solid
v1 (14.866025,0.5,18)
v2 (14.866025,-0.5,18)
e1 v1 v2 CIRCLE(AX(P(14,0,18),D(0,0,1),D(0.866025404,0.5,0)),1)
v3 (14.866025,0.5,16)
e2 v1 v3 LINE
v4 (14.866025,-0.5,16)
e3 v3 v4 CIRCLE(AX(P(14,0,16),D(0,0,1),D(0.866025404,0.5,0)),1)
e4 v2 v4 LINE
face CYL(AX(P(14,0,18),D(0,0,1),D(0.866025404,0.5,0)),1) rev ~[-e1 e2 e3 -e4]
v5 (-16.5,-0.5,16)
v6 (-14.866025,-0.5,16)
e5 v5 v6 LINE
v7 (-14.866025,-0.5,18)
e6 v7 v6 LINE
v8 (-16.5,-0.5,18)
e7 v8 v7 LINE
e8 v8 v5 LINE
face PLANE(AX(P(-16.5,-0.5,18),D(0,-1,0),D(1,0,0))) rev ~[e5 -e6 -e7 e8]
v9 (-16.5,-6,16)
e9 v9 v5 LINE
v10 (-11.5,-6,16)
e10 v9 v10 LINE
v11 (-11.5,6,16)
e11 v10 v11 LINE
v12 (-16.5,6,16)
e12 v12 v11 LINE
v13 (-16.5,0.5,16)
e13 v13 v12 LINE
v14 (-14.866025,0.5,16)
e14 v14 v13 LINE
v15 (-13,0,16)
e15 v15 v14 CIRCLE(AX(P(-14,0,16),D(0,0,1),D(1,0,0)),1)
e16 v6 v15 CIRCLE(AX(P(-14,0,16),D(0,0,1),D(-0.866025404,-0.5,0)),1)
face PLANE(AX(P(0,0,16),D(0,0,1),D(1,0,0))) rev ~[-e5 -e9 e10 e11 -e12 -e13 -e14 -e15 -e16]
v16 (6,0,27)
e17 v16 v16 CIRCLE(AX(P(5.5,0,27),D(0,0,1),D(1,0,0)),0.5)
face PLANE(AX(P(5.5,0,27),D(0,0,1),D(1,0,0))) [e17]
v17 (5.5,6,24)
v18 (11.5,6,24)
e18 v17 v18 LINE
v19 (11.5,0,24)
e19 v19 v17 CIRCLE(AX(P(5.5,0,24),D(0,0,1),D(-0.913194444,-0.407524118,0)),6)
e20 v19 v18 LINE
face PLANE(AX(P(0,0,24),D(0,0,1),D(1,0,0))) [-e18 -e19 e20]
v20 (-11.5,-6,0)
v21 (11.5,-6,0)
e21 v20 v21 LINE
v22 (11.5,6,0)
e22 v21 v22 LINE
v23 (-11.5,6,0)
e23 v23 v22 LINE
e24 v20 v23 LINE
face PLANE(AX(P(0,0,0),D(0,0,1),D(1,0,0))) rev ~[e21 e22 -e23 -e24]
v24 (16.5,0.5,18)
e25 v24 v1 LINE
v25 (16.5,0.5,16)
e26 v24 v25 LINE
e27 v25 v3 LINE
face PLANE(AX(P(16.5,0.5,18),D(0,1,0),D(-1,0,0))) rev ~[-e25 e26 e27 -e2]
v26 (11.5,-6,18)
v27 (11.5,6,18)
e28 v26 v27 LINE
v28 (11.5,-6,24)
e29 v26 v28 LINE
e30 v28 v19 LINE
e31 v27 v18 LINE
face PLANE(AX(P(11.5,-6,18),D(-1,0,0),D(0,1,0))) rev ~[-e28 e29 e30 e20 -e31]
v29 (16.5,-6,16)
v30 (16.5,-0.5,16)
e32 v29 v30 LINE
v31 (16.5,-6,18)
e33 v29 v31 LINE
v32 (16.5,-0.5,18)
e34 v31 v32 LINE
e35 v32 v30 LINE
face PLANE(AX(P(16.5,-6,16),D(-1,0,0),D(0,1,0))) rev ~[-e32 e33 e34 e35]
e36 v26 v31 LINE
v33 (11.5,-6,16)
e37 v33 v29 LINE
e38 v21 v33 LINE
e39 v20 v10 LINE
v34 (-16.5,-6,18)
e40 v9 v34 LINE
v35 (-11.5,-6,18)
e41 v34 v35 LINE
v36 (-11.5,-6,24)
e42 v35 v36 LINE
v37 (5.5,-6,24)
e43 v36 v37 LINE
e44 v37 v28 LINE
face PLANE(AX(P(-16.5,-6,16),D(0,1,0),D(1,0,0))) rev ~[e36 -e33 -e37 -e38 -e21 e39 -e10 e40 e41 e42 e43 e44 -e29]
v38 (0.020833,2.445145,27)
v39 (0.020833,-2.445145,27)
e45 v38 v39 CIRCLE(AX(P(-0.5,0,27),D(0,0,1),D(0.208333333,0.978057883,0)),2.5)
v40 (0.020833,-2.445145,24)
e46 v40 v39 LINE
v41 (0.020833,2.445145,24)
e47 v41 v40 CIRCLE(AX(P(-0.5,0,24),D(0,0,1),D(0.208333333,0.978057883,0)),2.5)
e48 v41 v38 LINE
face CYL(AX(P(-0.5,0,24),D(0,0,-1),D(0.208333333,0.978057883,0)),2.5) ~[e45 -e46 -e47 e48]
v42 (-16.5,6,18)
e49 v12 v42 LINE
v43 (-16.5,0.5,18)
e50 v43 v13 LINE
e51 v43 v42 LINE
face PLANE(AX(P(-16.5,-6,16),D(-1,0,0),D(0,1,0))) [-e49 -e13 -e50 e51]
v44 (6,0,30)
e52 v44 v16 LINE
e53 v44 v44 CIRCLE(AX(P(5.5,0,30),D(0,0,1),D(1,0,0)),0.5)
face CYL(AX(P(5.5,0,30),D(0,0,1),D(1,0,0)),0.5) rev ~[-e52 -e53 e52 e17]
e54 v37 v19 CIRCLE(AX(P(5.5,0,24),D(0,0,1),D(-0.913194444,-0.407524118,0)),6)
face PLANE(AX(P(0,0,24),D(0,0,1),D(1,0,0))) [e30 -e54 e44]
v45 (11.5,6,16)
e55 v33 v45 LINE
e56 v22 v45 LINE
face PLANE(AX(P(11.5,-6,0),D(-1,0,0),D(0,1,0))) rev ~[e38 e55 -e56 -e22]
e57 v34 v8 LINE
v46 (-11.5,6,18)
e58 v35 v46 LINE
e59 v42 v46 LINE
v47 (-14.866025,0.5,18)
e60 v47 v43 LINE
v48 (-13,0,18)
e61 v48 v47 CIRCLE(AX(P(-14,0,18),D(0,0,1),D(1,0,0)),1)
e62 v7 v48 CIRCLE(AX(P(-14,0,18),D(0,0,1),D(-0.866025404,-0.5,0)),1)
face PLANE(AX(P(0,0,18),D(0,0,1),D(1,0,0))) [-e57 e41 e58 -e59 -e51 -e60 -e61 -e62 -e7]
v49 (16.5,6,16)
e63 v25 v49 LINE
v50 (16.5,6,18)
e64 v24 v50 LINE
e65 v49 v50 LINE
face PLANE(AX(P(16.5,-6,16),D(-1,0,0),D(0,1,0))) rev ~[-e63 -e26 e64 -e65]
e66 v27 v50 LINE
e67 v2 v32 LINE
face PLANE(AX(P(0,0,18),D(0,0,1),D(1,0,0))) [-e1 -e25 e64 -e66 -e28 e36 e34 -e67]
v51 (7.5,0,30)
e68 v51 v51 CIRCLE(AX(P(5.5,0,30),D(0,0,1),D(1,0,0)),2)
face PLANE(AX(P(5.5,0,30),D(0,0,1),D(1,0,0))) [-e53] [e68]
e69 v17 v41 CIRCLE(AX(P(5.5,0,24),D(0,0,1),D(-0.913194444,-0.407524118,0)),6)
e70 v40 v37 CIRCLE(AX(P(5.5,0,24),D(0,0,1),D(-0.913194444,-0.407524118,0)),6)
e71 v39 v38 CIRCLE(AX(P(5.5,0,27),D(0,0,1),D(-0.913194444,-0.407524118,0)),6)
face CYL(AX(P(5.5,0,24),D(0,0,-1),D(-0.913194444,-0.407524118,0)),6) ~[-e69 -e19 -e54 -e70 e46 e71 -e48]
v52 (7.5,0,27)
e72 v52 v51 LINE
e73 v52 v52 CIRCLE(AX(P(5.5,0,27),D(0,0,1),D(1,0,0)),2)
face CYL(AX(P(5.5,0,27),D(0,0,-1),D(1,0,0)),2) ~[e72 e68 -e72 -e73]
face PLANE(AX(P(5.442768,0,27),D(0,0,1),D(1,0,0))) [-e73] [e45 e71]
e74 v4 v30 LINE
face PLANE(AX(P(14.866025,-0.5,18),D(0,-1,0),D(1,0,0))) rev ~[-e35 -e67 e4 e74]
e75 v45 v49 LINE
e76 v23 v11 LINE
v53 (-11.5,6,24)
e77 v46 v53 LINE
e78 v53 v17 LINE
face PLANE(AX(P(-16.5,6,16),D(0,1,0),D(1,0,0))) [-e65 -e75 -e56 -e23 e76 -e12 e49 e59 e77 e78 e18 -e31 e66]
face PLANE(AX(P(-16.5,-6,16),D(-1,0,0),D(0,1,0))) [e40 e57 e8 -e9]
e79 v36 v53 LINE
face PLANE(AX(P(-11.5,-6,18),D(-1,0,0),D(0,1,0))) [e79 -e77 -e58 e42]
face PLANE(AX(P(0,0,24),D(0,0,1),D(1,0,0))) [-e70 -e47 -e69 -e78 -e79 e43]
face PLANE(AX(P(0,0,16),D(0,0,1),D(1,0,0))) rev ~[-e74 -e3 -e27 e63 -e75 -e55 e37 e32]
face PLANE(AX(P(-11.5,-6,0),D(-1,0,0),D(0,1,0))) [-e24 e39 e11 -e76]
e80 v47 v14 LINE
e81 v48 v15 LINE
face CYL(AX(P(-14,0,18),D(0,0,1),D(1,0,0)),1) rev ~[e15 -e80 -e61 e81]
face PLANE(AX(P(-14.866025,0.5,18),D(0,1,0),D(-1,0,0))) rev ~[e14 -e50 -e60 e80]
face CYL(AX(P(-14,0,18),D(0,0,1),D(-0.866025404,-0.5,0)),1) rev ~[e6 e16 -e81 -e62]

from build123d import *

# Parameters (mm, degrees)
F0_W      = 23
F0_H      = 12
F1_DEPTH  = 16
F2_W      = 33
F2_H      = 12
F3_DEPTH  = 2
F4_W      = 23
F4_H      = 12
F5_DEPTH  = 6
F7_DEPTH  = 3
F8_R      = 2
F9_DEPTH  = 3
F11_DEPTH = 18.001
F12_R     = 0.5
F13_DEPTH = 3


with BuildPart() as f1:
    # F0 (on Top) → F1 (new body)
    with BuildSketch(Plane.XY):
        Rectangle(F0_W, F0_H)
    extrude(amount=F1_DEPTH)

    # F2 (on face) → F3 (join)
    with BuildSketch(Plane.XY.offset(16)):
        Rectangle(F2_W, F2_H)
    extrude(amount=F3_DEPTH)

    # F4 (on face) → F5 (join)
    with BuildSketch(Plane.XY.offset(18)):
        Rectangle(F4_W, F4_H)
    extrude(amount=F5_DEPTH)

    # F6 (on face) → F7 (join)
    with BuildSketch(Plane.XY.offset(24)):
        with BuildLine():
            ThreePointArc((0.0208333333, -2.4451447071), (6.75, -5.8683472972), (11.5, 0))
            ThreePointArc((11.5, 0), (6.75, 5.8683472972), (0.0208333333, 2.4451447071))
            ThreePointArc((0.0208333333, 2.4451447071), (1.4432039694, 1.572882174), (2, 0))
            ThreePointArc((2, 0), (1.4432039694, -1.572882174), (0.0208333333, -2.4451447071))
        make_face()
        with BuildLine():
            ThreePointArc((2, 0), (1.4432039694, 1.572882174), (0.0208333333, 2.4451447071))
            ThreePointArc((0.0208333333, 2.4451447071), (-0.5, 0), (0.0208333333, -2.4451447071))
            ThreePointArc((0.0208333333, -2.4451447071), (1.4432039694, -1.572882174), (2, 0))
        make_face()
        with BuildLine():
            ThreePointArc((0.0208333333, -2.4451447071), (-0.5, 0), (0.0208333333, 2.4451447071))
            ThreePointArc((0.0208333333, 2.4451447071), (-3, 0), (0.0208333333, -2.4451447071))
        make_face()
    extrude(amount=F7_DEPTH)

    # F8 (on face) → F9 (join)
    with BuildSketch(Plane.XY.offset(27)):
        with Locations((5.5, 0)):
            Circle(F8_R)
    extrude(amount=F9_DEPTH)

    # F10 (on face) → F11 (cut, through all)
    with BuildSketch(Plane.XY.offset(18)):
        with BuildLine():
            ThreePointArc((-14.8660254038, -0.5), (-13.7411809549, -0.9659258263), (-13, 0))
            ThreePointArc((-13, 0), (-13.7411809549, 0.9659258263), (-14.8660254038, 0.5))
            Line((-14.8660254038, 0.5), (-14.8660254038, -0.5))
        make_face()
        with BuildLine():
            Line((-14.8660254038, -0.5), (-14.8660254038, 0.5))
            ThreePointArc((-14.8660254038, 0.5), (-15, 0), (-14.8660254038, -0.5))
        make_face()
        with BuildLine():
            ThreePointArc((-14.8660254038, -0.5), (-15, 0), (-14.8660254038, 0.5))
            Line((-14.8660254038, 0.5), (-16.5, 0.5))
            Line((-16.5, 0.5), (-16.5, -0.5))
            Line((-16.5, -0.5), (-14.8660254038, -0.5))
        make_face()
        with BuildLine():
            ThreePointArc((14.8660254038, -0.5), (14.9659258263, -0.2588190451), (15, 0))
            ThreePointArc((15, 0), (14.9659258263, 0.2588190451), (14.8660254038, 0.5))
            Line((14.8660254038, 0.5), (14.8660254038, -0.5))
        make_face()
        with BuildLine():
            ThreePointArc((14.8660254038, 0.5), (14.9659258263, 0.2588190451), (15, 0))
            ThreePointArc((15, 0), (14.9659258263, -0.2588190451), (14.8660254038, -0.5))
            Line((14.8660254038, -0.5), (16.5, -0.5))
            Line((16.5, -0.5), (16.5, 0.5))
            Line((16.5, 0.5), (14.8660254038, 0.5))
        make_face()
        with BuildLine():
            Line((14.8660254038, -0.5), (14.8660254038, 0.5))
            ThreePointArc((14.8660254038, 0.5), (13, 0), (14.8660254038, -0.5))
        make_face()
    extrude(amount=-F11_DEPTH, mode=Mode.SUBTRACT)

    # F12 (on face) → F13 (cut)
    with BuildSketch(Plane.XY.offset(30)):
        with Locations((5.5, 0)):
            Circle(F12_R)
    extrude(amount=-F13_DEPTH, mode=Mode.SUBTRACT)


solid = f1.part
